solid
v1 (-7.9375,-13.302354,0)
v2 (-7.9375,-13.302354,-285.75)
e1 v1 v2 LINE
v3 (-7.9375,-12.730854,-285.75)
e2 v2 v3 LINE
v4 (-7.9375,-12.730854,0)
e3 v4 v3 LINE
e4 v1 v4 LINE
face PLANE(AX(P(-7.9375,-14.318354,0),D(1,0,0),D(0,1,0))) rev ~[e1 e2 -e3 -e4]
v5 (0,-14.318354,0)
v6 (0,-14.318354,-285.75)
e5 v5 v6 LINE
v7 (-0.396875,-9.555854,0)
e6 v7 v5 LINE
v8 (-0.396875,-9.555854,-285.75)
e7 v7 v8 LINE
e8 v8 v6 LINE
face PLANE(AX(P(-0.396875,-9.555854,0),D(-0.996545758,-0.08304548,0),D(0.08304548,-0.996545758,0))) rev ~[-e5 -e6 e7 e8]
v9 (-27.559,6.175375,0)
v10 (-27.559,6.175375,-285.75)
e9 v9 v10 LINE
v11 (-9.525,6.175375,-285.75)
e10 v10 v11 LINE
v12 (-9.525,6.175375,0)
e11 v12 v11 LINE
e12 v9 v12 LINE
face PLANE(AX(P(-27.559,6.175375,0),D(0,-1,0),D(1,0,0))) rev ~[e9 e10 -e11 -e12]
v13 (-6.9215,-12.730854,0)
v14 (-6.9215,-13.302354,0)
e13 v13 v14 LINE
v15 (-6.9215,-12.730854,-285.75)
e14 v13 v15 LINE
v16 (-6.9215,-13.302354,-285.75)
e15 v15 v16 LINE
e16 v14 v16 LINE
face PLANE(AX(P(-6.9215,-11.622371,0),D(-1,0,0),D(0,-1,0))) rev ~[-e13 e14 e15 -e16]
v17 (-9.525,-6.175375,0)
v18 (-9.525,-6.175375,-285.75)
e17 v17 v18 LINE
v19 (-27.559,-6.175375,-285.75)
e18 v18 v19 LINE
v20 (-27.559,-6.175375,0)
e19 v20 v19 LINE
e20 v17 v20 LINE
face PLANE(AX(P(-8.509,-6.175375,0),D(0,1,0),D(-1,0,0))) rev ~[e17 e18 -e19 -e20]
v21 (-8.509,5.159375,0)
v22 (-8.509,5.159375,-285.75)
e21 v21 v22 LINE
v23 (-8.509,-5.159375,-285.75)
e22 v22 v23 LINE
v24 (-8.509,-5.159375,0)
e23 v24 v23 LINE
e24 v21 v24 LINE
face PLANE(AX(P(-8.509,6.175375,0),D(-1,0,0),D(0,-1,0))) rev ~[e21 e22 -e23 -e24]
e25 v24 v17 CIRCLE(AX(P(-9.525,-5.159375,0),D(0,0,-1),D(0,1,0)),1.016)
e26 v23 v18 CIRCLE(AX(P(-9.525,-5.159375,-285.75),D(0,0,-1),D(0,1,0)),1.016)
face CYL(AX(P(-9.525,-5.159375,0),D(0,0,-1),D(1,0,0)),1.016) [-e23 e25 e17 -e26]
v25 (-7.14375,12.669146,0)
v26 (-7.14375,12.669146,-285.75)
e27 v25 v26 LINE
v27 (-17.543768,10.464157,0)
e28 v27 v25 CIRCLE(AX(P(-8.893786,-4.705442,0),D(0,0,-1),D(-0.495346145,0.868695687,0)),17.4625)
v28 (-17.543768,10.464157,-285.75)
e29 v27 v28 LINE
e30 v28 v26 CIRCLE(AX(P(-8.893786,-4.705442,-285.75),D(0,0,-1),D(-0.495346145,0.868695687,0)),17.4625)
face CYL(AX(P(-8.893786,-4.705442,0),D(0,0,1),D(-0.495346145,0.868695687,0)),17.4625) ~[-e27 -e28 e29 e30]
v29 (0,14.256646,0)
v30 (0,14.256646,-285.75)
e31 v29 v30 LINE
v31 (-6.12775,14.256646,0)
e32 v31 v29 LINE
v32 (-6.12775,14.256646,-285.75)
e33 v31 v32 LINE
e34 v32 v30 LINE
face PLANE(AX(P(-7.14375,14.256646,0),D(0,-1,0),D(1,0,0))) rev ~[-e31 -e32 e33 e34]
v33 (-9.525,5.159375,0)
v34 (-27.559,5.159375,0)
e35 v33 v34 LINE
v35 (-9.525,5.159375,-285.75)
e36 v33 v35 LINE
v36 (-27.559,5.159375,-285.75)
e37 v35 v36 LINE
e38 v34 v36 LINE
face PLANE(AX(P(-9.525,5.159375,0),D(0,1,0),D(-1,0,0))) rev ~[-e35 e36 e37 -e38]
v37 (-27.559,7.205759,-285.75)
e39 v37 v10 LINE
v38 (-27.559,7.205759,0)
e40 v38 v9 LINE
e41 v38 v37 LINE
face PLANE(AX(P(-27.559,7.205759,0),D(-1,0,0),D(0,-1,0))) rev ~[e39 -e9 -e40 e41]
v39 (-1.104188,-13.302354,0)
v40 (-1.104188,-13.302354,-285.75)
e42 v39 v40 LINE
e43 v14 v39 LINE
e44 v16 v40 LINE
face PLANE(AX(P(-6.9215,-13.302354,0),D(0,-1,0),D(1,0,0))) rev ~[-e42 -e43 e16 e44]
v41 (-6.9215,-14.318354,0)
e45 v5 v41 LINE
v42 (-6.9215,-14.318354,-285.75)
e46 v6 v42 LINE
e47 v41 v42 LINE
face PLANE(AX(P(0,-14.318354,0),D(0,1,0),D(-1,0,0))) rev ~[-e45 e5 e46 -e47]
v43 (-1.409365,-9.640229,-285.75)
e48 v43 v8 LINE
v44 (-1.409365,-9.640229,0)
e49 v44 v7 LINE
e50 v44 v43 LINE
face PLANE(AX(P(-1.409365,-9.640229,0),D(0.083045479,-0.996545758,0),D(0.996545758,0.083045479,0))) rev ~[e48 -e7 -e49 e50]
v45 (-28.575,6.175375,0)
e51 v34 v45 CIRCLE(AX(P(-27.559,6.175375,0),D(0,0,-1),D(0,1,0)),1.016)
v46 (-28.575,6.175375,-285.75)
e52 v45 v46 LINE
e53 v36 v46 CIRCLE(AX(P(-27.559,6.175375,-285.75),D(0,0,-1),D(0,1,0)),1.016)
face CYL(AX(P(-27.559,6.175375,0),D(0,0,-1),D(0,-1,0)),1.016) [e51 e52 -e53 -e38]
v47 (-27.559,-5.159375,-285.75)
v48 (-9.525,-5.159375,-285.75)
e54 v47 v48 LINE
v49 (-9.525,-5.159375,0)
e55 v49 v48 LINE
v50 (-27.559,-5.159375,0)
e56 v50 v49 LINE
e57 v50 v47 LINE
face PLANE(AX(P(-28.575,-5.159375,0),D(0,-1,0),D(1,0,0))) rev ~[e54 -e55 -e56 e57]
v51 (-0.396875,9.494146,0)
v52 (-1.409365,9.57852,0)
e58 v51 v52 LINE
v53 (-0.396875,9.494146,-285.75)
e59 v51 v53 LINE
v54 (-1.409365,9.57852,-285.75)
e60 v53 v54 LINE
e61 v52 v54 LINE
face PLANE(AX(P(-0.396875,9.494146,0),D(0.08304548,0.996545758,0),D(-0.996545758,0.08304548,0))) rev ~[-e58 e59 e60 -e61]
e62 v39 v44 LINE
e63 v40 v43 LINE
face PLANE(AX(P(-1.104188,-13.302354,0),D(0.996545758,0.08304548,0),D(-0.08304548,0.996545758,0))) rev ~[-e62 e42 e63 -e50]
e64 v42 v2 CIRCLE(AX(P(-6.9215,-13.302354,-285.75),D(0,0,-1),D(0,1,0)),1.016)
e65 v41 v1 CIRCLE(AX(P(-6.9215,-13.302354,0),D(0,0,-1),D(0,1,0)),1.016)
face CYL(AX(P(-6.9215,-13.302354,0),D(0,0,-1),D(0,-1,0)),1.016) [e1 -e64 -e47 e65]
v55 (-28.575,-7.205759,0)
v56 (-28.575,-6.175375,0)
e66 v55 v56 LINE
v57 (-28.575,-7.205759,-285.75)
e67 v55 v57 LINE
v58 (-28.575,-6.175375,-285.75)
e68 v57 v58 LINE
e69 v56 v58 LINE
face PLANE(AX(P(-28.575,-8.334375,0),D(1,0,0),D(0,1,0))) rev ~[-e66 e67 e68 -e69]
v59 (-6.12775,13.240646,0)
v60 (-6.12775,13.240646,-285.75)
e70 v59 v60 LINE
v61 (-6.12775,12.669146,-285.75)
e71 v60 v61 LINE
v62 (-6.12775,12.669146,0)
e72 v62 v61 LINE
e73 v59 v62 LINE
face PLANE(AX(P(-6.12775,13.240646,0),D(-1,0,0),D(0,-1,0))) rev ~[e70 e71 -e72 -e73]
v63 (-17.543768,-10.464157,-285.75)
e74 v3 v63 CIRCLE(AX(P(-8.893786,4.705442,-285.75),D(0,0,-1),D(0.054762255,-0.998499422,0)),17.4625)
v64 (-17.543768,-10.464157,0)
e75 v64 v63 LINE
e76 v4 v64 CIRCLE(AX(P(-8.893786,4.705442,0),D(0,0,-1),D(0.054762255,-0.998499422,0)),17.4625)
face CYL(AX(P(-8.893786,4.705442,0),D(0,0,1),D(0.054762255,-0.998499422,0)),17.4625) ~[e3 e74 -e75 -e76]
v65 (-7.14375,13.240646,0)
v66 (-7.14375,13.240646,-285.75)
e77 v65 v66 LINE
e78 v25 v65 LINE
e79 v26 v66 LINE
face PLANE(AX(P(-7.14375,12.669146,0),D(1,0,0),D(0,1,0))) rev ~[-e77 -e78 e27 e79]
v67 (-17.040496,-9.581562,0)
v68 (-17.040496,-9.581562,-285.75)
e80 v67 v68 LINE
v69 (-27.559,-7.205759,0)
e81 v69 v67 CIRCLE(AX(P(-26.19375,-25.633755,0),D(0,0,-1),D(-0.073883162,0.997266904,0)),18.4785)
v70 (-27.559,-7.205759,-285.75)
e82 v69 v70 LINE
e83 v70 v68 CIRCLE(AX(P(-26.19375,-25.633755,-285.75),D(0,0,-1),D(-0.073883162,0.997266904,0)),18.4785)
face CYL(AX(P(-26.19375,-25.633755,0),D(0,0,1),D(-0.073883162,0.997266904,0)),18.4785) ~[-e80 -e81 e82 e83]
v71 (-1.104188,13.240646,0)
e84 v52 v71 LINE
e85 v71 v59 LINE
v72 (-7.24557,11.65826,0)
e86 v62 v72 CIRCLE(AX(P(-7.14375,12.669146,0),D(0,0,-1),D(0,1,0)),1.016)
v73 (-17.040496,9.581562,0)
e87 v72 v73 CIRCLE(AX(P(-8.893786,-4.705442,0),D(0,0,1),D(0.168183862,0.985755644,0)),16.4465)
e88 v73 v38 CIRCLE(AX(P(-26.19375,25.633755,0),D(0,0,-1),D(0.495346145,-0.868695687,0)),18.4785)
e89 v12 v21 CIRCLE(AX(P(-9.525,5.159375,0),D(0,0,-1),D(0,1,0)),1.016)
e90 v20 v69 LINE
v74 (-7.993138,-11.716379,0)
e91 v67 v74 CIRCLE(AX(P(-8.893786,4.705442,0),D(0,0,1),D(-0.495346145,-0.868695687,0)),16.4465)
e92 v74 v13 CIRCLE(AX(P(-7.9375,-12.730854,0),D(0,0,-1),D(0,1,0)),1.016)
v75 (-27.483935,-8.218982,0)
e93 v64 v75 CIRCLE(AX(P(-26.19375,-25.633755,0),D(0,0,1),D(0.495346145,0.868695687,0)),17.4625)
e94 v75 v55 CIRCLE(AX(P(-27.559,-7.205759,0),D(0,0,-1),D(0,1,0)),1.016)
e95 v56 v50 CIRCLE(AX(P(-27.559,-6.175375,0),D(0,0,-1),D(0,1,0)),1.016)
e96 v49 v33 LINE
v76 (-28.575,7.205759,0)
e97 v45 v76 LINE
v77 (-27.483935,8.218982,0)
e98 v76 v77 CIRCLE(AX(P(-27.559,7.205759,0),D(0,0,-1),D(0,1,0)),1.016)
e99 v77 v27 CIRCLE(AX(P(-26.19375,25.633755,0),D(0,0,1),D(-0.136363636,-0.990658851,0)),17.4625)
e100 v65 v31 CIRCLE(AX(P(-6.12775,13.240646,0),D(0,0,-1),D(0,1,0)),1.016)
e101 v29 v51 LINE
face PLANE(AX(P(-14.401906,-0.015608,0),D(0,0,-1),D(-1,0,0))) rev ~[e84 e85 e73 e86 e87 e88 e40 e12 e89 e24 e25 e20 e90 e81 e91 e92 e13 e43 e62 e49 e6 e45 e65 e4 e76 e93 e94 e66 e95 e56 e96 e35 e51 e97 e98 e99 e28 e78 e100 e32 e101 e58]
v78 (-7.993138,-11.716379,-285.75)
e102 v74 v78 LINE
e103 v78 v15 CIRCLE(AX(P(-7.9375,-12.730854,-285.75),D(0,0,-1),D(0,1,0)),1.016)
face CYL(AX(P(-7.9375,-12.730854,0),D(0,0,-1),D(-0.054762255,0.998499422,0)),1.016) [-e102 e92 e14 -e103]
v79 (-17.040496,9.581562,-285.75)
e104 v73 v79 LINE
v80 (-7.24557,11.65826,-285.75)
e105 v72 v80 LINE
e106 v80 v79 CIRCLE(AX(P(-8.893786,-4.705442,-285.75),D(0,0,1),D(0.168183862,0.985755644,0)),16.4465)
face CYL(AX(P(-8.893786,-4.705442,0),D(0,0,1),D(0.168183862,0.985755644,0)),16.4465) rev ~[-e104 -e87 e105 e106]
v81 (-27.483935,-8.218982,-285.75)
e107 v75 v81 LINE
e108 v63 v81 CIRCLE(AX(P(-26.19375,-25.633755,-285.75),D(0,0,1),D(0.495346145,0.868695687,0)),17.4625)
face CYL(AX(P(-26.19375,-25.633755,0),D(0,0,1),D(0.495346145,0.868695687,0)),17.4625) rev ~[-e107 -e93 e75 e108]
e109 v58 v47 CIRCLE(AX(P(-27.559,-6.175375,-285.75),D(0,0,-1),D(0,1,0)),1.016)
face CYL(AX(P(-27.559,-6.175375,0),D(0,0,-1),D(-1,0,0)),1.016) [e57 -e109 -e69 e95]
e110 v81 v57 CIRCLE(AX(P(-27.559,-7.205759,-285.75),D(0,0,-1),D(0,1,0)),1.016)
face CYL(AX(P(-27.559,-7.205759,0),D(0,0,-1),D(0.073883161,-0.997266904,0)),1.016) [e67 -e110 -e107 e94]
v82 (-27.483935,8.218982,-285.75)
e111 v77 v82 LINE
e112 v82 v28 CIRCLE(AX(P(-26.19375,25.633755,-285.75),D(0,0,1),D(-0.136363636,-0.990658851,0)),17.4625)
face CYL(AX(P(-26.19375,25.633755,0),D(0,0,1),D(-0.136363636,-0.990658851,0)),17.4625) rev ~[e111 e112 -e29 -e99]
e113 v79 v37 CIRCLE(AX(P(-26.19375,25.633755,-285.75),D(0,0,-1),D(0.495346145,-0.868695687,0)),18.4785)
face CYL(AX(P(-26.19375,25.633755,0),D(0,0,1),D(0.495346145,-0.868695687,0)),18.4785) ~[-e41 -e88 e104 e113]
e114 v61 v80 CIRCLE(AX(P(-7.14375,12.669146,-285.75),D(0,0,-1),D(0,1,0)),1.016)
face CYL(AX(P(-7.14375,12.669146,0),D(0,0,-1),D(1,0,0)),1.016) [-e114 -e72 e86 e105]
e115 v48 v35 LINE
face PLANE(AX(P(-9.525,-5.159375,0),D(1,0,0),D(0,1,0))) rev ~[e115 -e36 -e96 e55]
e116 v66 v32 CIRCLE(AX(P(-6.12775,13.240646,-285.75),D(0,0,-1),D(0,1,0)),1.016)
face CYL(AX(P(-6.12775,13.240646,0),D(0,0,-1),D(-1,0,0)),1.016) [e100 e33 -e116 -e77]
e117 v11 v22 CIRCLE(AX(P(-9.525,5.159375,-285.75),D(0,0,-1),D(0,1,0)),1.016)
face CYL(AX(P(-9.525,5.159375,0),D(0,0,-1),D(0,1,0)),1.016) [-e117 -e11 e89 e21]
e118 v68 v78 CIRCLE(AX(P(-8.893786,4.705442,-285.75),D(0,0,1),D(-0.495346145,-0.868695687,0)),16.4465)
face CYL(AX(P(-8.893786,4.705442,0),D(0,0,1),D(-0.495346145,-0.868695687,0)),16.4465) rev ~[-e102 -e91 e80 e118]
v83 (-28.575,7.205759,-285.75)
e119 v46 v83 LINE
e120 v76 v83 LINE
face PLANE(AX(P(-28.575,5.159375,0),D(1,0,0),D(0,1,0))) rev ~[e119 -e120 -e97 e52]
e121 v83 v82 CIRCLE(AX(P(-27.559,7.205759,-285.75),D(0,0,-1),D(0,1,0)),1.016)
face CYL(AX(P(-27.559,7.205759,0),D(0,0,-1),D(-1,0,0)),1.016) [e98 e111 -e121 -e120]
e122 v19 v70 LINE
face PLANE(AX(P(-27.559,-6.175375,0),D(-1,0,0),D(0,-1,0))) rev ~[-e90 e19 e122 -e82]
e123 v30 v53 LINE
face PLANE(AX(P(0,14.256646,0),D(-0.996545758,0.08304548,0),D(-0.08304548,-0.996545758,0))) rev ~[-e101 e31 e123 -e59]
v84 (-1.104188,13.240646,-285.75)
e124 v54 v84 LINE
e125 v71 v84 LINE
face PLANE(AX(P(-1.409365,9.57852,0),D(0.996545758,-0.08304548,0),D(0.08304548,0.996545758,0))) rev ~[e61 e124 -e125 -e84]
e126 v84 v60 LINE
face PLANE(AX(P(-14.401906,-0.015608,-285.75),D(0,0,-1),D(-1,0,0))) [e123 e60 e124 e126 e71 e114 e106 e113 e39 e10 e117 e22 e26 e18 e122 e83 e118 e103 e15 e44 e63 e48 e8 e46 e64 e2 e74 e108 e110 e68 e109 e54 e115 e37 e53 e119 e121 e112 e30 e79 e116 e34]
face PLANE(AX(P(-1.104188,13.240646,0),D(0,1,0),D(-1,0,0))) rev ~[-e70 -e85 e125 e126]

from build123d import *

# Parameters (mm, degrees)
EXTRUDE_THIN1_DEPTH = 285.75
FILLET1_R           = 1.016


with BuildPart() as part:
    # Sketch1 → Extrude-Thin1 (new body)
    with BuildSketch(Plane.XY):
        with BuildLine():
            Line((-0.396875, -9.555854473), (0, -14.318354473))
            Line((0, -14.318354473), (-7.9375, -14.318354473))
            Line((-7.9375, -14.318354473), (-7.9375, -12.730854473))
            ThreePointArc((-7.9375, -12.730854473), (-12.904112533, -12.290327979), (-17.543767938, -10.46415675))
            ThreePointArc((-17.543767938, -10.46415675), (-22.883426301, -8.487890863), (-28.575, -8.334375))
            Line((-28.575, -8.334375), (-28.575, -5.159375))
            Line((-28.575, -5.159375), (-9.525, -5.159375))
            Line((-9.525, -5.159375), (-9.525, 5.159375))
            Line((-9.525, 5.159375), (-28.575, 5.159375))
            Line((-28.575, 5.159375), (-28.575, 8.334375))
            ThreePointArc((-28.575, 8.334375), (-22.883426301, 8.487890863), (-17.543767938, 10.46415675))
            ThreePointArc((-17.543767938, 10.46415675), (-12.515637367, 12.377330284), (-7.14375, 12.669145527))
            Line((-7.14375, 12.669145527), (-7.14375, 14.256645527))
            Line((-7.14375, 14.256645527), (0, 14.256645527))
            Line((0, 14.256645527), (-0.396875, 9.494145527))
            Line((-0.396875, 9.494145527), (-1.40936549, 9.578519735))
            Line((-1.40936549, 9.578519735), (-1.104188341, 13.240645527))
            Line((-1.104188341, 13.240645527), (-6.12775, 13.240645527))
            Line((-6.12775, 13.240645527), (-6.12775, 11.50678851))
            ThreePointArc((-6.12775, 11.50678851), (-11.751151598, 11.490941353), (-17.040496255, 9.581561932))
            ThreePointArc((-17.040496255, 9.581561932), (-22.1225879, 7.60931063), (-27.559, 7.205758691))
            Line((-27.559, 7.205758691), (-27.559, 6.175375))
            Line((-27.559, 6.175375), (-8.509, 6.175375))
            Line((-8.509, 6.175375), (-8.509, -6.175375))
            Line((-8.509, -6.175375), (-27.559, -6.175375))
            Line((-27.559, -6.175375), (-27.559, -7.205758691))
            ThreePointArc((-27.559, -7.205758691), (-22.1225879, -7.60931063), (-17.040496255, -9.581561932))
            ThreePointArc((-17.040496255, -9.581561932), (-12.145263139, -11.416445859), (-6.9215, -11.622370501))
            Line((-6.9215, -11.622370501), (-6.9215, -13.302354473))
            Line((-6.9215, -13.302354473), (-1.104188341, -13.302354473))
            Line((-1.104188341, -13.302354473), (-1.40936549, -9.64022868))
            Line((-1.40936549, -9.64022868), (-0.396875, -9.555854473))
        make_face()
    extrude(amount=-EXTRUDE_THIN1_DEPTH)

    # Fillet1
    fillet1_edges = [part.edges().sort_by_distance(p)[0] for p in [
        (-7.9375, -14.318354473, -142.875),
        (-28.575, -8.334375, -142.875),
        (-28.575, -5.159375, -142.875),
        (-28.575, 5.159375, -142.875),
        (-28.575, 8.334375, -142.875),
        (-7.14375, 14.256645527, -142.875),
        (-6.12775, 11.50678851, -142.875),
        (-8.509, 6.175375, -142.875),
        (-8.509, -6.175375, -142.875),
        (-6.9215, -11.622370501, -142.875),
    ]]
    fillet(fillet1_edges, radius=FILLET1_R)


solid = part.part
